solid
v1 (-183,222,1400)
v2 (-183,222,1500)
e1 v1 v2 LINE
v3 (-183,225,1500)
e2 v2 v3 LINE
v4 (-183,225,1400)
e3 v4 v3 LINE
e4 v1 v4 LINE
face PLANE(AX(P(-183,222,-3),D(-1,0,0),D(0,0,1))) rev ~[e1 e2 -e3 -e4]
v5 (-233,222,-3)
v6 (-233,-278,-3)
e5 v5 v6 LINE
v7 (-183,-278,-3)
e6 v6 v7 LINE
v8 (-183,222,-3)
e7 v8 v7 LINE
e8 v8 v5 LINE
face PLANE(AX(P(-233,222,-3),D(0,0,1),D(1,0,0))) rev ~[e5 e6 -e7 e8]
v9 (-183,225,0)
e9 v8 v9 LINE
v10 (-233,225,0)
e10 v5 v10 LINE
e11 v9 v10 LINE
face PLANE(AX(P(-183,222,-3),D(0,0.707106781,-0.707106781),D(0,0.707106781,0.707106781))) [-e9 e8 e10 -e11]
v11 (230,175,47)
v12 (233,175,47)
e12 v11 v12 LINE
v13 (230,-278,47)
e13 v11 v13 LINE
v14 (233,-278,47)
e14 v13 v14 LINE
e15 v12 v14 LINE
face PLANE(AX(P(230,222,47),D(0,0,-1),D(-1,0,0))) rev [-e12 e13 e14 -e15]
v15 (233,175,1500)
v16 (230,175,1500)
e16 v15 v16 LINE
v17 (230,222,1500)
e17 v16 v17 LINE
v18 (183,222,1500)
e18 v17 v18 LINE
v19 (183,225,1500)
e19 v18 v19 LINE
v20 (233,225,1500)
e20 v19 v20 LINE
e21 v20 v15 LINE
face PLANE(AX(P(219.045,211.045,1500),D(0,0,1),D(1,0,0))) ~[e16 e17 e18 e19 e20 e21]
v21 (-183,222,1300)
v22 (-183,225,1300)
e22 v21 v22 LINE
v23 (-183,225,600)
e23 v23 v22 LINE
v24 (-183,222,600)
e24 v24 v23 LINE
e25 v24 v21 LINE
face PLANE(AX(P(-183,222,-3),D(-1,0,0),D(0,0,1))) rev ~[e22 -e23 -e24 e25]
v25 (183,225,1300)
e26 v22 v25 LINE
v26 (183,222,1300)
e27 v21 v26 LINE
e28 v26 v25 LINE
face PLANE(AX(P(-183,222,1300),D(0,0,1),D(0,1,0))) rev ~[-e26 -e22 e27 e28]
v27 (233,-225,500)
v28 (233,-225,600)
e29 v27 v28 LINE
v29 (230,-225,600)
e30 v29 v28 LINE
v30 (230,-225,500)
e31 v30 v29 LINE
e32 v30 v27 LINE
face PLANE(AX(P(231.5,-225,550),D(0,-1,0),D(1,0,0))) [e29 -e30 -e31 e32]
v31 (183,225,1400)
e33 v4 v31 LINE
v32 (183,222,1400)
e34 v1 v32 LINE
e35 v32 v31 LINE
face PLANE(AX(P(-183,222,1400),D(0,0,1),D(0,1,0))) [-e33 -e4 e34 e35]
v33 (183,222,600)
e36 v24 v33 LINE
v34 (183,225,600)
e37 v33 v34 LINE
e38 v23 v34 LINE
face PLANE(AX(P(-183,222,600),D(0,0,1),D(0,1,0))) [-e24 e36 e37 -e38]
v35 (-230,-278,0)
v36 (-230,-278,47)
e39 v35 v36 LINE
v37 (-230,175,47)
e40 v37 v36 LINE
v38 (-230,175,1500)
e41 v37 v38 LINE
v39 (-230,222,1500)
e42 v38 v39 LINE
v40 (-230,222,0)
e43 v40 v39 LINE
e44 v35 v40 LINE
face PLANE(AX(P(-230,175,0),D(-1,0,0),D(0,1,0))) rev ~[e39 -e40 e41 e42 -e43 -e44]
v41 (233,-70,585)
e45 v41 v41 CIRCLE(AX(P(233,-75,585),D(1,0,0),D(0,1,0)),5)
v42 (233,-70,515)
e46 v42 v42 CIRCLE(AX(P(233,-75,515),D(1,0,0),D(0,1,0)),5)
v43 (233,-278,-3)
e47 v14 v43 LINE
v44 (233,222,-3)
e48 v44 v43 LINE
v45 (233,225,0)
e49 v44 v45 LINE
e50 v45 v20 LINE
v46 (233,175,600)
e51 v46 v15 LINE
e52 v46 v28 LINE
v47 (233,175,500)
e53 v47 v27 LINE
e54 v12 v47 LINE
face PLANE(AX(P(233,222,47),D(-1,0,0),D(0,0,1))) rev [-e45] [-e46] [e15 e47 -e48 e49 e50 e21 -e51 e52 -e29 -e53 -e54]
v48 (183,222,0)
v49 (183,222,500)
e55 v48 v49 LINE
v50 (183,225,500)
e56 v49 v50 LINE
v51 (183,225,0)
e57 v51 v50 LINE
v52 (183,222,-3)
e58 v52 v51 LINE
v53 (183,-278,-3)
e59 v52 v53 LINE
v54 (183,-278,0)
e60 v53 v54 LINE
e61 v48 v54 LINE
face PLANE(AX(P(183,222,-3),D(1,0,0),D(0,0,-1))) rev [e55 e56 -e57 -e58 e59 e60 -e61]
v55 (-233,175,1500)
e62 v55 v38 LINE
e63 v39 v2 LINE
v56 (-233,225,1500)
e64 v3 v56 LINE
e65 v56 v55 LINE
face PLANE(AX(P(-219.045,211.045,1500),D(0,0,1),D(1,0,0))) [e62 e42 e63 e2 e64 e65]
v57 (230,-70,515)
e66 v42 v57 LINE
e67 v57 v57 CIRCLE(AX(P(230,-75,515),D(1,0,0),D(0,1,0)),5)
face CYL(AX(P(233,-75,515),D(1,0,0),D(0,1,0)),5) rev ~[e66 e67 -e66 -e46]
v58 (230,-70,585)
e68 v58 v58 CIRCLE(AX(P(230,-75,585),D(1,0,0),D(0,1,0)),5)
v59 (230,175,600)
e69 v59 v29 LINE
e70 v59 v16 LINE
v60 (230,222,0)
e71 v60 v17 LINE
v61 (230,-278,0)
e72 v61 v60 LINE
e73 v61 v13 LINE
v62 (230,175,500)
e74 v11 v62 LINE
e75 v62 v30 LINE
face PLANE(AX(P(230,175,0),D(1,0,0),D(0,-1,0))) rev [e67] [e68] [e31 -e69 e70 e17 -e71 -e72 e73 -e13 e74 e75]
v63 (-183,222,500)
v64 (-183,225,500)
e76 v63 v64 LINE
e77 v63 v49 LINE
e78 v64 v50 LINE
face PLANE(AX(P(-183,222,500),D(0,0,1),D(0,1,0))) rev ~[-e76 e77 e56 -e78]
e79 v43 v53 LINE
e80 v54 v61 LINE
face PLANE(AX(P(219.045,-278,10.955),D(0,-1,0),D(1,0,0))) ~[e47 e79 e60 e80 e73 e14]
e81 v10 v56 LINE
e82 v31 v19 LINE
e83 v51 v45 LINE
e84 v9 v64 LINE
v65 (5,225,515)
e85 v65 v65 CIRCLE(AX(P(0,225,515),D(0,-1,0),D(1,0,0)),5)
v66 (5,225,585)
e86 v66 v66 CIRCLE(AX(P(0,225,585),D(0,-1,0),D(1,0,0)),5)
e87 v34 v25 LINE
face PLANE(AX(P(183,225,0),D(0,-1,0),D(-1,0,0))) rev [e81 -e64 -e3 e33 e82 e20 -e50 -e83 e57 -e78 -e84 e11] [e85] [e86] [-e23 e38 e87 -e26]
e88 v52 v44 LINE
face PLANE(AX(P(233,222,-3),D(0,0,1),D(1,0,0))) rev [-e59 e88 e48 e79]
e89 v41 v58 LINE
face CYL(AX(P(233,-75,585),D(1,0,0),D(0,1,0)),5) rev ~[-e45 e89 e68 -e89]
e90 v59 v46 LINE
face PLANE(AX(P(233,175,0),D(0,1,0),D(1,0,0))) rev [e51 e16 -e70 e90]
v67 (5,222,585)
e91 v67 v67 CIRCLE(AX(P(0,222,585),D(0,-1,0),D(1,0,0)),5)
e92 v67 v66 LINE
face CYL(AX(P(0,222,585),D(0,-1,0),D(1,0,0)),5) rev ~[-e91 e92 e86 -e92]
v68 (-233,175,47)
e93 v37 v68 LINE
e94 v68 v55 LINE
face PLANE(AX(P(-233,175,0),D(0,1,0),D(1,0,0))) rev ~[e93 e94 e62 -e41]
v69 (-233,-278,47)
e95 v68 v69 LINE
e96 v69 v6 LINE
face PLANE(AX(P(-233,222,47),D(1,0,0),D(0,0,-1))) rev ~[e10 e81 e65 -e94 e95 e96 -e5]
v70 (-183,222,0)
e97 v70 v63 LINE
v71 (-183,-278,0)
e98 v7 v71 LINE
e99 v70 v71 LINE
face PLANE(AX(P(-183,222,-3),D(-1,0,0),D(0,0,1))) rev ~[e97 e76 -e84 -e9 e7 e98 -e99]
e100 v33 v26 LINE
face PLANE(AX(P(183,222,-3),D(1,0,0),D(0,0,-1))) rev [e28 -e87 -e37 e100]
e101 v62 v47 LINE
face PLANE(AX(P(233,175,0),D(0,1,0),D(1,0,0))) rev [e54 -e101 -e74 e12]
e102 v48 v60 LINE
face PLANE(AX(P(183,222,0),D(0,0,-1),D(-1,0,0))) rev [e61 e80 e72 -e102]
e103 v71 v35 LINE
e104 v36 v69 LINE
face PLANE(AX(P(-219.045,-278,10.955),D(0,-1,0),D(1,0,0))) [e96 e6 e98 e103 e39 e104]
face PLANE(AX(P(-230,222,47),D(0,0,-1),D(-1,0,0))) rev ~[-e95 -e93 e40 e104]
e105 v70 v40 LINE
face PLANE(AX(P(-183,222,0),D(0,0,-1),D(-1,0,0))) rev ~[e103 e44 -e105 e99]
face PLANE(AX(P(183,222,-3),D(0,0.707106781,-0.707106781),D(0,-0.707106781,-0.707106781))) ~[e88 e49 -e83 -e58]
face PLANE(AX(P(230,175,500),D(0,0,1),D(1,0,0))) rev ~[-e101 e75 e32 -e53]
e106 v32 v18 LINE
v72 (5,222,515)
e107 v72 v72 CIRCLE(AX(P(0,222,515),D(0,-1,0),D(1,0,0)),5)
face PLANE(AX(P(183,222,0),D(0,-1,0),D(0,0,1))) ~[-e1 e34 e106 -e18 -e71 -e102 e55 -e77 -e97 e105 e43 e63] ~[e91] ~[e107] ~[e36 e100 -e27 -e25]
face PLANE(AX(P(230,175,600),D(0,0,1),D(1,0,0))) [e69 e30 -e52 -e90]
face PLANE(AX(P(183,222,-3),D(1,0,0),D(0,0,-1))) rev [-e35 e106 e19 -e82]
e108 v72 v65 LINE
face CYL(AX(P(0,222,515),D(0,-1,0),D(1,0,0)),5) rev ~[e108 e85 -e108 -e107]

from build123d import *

# Parameters (mm, degrees)
F1_DEPTH  = 1500
F3_DEPTH  = 50
F5_DEPTH  = 500
F6_W      = 3
F6_H      = 100
F9_DEPTH  = 366
F10_R     = 5
F11_DEPTH = 25
F12_W     = 3
F12_H     = 100
F13_DEPTH = 400
F14_R     = 5
F15_DEPTH = 25


with BuildPart() as f1:
    # F0 (on Top) → F1 (new body)
    with BuildSketch(Plane.XY):
        Polygon((-183, 225), (-233, 225), (-233, 175), (-230, 175), (-230, 222), (-183, 222), align=None)
    extrude(amount=F1_DEPTH)

    # F2 (on face) → F3 (join)
    with BuildSketch(Plane.YZ.offset(-183)):
        Polygon((225, 0), (222, 0), (222, -3), align=None)
    extrude(amount=-F3_DEPTH)

    # F4 (on face) → F5 (join)
    with BuildSketch(Plane.XZ.offset(-222)):
        Polygon((-233, 47), (-233, -3), (-183, -3), (-183, 0), (-230, 0), (-230, 47), align=None)
    extrude(amount=F5_DEPTH)


with BuildPart() as f8_1:
    # F8: instance of F1
    add(f1.part.mirror(Plane(origin=(0, 140.5122887865, 581.4877112135), x_dir=(0, 1, 0), z_dir=(1, 0, 0))))


with BuildPart() as f1_1:
    add(f1.part)

    add(f8_1.part)  # F9 merges F8_1
    # F6 (on face) → F9 (join, through all)
    with BuildSketch(Plane.YZ.offset(-183)):
        with Locations((223.5, 1350)):
            Rectangle(F6_W, F6_H)
        with Locations((223.5, 550)):
            Rectangle(F6_W, F6_H)
    extrude(amount=F9_DEPTH)

    # F10 (on face) → F11 (cut)
    with BuildSketch(Plane.XZ.offset(-222)):
        with Locations((0, 585)):
            Circle(F10_R)
        with Locations((0, 515)):
            Circle(F10_R)
    extrude(amount=-F11_DEPTH, mode=Mode.SUBTRACT)

    # F12 (on face) → F13 (join)
    with BuildSketch(Plane.XZ.offset(-175)):
        with Locations((231.5, 550)):
            Rectangle(F12_W, F12_H)
    extrude(amount=F13_DEPTH)

    # F14 (on face) → F15 (cut)
    with BuildSketch(Plane.YZ.offset(233)):
        with Locations((-75, 585)):
            Circle(F14_R)
        with Locations((-75, 515)):
            Circle(F14_R)
    extrude(amount=-F15_DEPTH, mode=Mode.SUBTRACT)


solid = f1_1.part
